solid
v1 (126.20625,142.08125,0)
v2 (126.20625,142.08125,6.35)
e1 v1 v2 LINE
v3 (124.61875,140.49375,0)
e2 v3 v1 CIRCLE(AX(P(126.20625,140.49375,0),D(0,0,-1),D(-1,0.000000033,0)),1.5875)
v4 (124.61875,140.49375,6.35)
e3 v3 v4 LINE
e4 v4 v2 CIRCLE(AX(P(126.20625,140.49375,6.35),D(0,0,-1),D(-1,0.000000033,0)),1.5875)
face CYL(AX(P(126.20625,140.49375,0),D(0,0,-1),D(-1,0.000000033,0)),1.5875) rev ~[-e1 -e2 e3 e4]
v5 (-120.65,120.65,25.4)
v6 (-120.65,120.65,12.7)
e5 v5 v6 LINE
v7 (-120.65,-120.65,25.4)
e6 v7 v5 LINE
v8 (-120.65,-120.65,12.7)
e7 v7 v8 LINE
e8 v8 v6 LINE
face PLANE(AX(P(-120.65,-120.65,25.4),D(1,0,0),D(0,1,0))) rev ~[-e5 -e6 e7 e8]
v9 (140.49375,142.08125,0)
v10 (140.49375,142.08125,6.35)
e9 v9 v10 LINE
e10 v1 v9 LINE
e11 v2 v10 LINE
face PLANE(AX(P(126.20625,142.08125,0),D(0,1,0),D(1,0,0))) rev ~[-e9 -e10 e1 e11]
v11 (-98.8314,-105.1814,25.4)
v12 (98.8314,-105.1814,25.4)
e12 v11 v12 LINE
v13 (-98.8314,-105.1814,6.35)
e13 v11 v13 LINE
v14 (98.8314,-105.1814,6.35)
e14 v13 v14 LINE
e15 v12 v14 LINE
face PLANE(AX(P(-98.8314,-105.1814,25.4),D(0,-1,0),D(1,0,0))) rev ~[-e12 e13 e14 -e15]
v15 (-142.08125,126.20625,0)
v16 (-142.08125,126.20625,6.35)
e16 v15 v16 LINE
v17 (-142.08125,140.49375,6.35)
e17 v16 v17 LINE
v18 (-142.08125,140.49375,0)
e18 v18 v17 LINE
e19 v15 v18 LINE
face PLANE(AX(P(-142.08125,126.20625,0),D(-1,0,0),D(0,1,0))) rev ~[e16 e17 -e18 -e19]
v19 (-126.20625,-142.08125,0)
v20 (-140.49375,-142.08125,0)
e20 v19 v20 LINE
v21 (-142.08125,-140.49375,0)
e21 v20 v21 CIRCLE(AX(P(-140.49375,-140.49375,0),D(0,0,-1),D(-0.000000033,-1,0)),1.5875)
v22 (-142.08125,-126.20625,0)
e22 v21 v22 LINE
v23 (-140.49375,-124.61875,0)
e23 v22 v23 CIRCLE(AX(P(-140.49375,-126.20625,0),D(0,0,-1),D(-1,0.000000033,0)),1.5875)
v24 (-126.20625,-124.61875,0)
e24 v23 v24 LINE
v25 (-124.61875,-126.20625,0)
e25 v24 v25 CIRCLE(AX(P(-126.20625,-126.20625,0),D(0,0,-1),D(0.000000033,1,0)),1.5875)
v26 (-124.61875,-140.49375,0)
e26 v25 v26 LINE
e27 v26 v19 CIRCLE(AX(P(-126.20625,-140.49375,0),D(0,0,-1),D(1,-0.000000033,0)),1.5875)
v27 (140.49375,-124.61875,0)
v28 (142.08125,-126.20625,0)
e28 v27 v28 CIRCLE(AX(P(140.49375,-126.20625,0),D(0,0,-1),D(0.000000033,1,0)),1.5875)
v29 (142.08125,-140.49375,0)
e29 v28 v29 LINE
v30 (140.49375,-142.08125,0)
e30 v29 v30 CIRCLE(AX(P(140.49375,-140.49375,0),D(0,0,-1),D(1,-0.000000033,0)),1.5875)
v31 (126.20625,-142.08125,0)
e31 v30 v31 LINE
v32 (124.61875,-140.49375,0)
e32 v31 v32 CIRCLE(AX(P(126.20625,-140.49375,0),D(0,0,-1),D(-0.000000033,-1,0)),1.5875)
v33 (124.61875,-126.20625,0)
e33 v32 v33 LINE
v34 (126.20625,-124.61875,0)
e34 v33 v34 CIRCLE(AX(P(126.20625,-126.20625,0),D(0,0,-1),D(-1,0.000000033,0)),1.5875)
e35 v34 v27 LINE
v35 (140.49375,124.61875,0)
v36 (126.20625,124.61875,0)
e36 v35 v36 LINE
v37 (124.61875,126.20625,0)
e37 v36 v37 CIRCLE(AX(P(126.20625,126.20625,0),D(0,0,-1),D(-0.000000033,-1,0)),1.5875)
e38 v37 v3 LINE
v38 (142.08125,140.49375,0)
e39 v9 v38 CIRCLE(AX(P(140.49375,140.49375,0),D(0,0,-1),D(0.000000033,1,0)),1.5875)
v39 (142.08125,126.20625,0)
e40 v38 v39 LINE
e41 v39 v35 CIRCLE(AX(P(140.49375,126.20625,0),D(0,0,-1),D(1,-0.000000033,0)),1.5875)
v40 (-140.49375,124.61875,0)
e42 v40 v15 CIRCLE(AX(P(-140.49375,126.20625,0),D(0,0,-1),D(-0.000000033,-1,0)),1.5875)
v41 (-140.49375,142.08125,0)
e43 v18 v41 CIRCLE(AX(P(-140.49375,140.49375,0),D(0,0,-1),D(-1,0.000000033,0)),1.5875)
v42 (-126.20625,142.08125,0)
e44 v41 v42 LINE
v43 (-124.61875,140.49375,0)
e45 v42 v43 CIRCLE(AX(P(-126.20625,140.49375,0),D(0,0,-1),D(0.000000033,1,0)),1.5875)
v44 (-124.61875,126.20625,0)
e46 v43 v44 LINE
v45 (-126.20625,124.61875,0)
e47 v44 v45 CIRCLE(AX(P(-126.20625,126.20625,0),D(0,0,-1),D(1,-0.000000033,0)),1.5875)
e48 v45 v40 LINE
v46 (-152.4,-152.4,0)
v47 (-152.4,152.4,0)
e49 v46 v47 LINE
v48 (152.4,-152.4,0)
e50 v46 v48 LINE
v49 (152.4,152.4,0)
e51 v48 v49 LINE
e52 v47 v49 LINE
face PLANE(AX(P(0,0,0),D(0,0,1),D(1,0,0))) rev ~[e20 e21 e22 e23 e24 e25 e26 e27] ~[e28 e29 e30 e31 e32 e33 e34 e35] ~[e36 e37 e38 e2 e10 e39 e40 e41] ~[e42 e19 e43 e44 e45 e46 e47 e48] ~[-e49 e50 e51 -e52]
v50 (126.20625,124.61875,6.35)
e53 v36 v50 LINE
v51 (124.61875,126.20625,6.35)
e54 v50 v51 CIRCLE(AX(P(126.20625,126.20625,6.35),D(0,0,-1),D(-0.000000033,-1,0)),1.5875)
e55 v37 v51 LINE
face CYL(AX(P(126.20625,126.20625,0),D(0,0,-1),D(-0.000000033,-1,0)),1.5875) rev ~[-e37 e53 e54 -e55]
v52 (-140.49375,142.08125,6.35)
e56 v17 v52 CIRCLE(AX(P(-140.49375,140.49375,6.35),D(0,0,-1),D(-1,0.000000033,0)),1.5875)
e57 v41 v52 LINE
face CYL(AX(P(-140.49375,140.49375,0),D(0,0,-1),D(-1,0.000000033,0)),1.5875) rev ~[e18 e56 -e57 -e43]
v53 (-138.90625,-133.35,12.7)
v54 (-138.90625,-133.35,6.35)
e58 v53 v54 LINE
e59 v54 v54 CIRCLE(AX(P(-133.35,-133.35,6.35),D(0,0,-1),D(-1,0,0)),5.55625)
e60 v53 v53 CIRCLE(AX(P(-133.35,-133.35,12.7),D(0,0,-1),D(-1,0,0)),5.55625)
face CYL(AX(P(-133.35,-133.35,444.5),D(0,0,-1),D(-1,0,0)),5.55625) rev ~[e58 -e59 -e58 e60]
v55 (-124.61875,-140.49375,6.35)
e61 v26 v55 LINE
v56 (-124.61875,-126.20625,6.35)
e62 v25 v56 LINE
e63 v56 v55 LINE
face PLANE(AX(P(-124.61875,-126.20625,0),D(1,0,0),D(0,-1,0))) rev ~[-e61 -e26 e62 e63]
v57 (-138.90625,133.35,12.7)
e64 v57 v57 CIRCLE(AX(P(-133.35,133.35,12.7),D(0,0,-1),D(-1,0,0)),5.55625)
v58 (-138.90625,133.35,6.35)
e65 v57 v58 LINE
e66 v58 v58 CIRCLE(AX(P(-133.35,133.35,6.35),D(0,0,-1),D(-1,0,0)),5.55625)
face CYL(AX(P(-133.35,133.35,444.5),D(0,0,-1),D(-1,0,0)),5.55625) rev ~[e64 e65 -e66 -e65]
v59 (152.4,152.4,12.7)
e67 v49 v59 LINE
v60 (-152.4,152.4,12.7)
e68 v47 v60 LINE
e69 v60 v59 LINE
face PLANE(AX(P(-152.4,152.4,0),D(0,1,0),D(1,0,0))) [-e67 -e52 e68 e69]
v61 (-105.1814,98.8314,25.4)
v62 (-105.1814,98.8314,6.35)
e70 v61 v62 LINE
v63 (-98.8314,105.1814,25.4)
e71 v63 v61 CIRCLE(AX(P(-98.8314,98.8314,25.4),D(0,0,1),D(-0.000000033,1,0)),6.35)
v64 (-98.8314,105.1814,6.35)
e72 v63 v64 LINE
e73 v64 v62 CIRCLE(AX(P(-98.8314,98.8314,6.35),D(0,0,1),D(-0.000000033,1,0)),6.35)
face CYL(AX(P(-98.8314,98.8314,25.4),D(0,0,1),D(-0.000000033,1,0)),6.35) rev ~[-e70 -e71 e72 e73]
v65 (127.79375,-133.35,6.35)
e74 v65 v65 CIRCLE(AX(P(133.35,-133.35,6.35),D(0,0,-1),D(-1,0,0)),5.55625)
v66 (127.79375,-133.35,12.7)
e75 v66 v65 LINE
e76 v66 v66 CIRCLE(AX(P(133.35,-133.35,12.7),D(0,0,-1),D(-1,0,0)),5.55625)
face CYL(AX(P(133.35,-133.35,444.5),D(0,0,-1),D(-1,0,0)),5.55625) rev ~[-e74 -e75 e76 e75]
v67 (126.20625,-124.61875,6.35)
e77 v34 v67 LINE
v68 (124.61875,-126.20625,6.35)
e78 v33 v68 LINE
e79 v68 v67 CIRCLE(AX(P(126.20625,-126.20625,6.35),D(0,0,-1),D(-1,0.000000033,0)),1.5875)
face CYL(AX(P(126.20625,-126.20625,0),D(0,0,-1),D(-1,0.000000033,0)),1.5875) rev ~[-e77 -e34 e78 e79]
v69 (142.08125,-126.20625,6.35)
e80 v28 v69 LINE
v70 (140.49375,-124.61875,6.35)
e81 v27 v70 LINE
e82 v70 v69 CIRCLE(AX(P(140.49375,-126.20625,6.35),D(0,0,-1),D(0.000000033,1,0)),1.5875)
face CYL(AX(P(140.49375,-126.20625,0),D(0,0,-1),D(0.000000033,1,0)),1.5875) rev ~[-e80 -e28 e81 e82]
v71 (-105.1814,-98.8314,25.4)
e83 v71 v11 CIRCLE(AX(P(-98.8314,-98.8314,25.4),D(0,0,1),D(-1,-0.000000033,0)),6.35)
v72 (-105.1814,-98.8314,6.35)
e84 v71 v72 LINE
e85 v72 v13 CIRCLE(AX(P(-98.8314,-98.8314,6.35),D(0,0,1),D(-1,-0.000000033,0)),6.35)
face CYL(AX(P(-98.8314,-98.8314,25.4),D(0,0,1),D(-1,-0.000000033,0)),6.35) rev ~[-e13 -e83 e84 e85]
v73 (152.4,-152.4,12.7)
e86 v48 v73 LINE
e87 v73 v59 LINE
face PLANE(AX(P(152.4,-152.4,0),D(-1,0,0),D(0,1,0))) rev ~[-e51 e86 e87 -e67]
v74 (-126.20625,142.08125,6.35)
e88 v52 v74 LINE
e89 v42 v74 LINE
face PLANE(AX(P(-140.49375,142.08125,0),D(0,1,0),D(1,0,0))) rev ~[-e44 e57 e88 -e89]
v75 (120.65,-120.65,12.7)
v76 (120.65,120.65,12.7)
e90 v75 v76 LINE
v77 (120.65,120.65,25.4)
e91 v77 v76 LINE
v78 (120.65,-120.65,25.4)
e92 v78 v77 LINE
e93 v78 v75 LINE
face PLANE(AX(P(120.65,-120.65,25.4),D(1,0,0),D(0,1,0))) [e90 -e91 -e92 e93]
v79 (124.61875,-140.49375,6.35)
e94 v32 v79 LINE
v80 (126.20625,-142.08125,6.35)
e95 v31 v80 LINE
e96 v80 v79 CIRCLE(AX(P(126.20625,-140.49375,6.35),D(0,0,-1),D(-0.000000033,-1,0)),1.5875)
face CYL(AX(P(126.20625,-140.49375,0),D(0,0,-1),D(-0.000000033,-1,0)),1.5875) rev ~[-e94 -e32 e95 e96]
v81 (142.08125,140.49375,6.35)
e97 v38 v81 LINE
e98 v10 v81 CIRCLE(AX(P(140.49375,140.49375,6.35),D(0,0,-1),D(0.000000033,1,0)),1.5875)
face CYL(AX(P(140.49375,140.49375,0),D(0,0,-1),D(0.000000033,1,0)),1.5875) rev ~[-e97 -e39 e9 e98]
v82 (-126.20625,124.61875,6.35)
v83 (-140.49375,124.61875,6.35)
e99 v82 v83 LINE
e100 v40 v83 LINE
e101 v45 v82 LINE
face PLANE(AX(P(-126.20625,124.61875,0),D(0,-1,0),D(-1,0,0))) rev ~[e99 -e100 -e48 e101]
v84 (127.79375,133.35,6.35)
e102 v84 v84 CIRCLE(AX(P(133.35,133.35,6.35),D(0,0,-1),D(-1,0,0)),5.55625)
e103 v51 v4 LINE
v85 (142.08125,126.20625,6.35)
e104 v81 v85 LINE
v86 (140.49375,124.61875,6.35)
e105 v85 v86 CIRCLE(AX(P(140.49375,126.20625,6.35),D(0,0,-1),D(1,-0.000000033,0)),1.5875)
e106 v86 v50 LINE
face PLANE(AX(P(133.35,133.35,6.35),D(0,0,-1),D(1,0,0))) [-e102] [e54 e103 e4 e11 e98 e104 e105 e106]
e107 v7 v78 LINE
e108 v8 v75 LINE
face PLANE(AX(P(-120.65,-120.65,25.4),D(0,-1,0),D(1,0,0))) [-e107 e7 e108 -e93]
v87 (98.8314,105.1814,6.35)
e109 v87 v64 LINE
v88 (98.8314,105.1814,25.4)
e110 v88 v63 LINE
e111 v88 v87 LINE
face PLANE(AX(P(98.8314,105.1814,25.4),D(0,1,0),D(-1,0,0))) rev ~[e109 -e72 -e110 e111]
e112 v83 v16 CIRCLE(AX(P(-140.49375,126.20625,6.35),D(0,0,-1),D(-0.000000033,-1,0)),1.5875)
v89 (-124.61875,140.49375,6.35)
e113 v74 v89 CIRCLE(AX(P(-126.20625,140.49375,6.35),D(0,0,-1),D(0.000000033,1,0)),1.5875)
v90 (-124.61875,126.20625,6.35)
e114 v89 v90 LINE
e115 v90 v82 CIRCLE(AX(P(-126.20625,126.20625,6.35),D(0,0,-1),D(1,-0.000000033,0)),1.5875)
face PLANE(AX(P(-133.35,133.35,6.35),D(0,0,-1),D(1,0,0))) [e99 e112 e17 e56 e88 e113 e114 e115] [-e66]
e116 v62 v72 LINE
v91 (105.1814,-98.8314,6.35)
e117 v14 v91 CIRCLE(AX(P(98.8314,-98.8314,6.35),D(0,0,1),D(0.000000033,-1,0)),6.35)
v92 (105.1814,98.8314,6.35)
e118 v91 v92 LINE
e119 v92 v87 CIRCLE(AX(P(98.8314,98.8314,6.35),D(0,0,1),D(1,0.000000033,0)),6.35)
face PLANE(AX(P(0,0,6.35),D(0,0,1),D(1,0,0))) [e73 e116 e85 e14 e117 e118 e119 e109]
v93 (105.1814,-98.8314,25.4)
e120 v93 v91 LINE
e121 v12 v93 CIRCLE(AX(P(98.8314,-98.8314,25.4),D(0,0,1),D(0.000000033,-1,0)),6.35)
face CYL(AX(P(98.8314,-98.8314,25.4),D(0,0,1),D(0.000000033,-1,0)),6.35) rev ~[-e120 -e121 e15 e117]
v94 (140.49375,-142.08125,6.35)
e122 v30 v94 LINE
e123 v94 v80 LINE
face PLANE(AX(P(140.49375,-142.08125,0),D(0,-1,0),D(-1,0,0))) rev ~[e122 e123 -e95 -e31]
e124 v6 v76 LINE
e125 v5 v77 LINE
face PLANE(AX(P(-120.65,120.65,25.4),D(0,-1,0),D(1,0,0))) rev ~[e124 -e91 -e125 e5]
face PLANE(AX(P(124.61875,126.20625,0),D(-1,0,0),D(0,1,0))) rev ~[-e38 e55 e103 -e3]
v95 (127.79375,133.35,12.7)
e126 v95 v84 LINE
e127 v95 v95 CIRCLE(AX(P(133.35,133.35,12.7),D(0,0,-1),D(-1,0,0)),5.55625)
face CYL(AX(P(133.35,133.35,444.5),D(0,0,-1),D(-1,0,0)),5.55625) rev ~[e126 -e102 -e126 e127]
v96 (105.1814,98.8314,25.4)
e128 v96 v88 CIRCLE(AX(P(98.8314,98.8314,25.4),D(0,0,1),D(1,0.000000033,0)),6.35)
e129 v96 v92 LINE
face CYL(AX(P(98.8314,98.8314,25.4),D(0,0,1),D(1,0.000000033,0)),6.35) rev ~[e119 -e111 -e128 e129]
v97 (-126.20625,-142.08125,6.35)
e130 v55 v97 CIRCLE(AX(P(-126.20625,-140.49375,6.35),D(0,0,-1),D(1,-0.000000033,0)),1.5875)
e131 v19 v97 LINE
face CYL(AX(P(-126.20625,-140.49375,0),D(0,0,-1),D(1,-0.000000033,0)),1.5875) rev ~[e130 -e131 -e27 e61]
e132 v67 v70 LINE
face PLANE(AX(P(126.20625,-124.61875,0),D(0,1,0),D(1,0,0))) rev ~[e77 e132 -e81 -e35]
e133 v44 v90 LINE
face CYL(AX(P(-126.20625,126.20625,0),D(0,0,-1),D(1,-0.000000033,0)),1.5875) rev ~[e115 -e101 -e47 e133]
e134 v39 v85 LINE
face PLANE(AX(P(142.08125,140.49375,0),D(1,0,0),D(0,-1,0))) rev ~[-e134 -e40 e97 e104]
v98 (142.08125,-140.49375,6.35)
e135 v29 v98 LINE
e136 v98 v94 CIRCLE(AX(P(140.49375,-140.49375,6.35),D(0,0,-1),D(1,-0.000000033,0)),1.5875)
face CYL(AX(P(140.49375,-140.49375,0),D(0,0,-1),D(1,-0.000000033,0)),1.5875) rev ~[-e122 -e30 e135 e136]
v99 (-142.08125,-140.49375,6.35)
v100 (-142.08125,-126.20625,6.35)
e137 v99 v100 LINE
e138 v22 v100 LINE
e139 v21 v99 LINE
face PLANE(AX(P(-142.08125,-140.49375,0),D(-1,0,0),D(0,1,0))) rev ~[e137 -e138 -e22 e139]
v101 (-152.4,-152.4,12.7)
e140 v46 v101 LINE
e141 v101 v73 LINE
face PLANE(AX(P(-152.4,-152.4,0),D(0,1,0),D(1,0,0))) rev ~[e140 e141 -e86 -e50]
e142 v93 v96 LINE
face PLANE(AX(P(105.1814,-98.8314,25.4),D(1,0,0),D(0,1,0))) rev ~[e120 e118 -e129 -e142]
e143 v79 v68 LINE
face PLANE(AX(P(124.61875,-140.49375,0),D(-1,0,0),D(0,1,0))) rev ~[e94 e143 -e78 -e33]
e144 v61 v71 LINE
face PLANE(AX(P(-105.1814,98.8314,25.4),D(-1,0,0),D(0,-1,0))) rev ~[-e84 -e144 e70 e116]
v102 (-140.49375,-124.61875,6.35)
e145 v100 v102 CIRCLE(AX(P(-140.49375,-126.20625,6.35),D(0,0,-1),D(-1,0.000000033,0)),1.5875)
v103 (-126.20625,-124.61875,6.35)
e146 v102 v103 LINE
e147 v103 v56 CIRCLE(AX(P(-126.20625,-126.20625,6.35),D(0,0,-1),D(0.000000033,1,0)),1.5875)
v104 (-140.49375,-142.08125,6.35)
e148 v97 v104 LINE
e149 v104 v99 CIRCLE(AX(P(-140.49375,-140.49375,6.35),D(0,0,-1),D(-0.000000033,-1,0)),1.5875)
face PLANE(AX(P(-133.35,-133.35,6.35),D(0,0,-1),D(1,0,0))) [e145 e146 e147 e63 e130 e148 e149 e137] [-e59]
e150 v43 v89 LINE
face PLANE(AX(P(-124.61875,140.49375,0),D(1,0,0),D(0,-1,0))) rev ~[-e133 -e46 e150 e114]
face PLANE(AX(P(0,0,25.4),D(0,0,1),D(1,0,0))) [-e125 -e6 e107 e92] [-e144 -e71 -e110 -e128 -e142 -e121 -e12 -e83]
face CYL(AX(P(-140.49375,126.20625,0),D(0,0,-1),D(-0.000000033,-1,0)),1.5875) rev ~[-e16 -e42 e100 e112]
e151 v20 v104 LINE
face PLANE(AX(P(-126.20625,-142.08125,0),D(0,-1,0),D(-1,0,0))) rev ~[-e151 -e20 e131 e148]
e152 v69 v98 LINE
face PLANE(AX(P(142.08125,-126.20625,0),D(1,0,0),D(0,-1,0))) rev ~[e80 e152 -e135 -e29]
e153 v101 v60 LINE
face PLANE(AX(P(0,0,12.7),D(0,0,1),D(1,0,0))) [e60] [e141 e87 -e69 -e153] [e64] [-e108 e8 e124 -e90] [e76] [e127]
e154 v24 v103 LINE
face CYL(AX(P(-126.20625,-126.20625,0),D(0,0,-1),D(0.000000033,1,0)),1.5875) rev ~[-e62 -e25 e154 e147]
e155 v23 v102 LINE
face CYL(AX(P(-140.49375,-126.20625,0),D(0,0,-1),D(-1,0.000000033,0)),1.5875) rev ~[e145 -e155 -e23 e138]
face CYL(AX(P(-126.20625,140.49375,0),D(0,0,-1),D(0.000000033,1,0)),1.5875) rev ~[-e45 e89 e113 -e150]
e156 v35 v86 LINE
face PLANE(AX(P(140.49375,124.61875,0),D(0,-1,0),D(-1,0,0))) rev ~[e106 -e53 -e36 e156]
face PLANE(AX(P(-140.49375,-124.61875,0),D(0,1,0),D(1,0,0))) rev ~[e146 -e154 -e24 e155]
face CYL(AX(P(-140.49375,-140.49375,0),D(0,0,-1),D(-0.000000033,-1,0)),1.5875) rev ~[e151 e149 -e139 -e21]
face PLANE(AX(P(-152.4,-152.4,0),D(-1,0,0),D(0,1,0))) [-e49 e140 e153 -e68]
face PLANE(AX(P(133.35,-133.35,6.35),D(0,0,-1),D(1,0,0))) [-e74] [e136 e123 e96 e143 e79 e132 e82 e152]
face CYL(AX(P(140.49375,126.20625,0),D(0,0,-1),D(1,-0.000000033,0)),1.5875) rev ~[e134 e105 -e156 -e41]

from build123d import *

# Parameters (mm, degrees)
F0_W     = 304.8
F0_H     = 304.8
F1_DEPTH = 25.4
F3_DEPTH = 19.05
F4_W     = 304.8
F4_H     = 304.8
F4_W_2   = 241.3
F4_H_2   = 241.3
F5_DEPTH = 12.7
F7_D     = 11.1125
F9_DEPTH = 6.35


with BuildPart() as f1:
    # F0 (on Top) → F1 (new body)
    with BuildSketch(Plane.XY):
        Rectangle(F0_W, F0_H)
    extrude(amount=F1_DEPTH)

    # F2 (on face) → F3 (cut)
    with BuildSketch(Plane.XY.offset(25.4)):
        with BuildLine():
            Line((98.8314, 105.1814), (-98.8314, 105.1814))
            ThreePointArc((-98.8314, 105.1814), (-103.321528, 103.321528), (-105.1814, 98.8314))
            Line((-105.1814, 98.8314), (-105.1814, -98.8314))
            ThreePointArc((-105.1814, -98.8314), (-103.321528, -103.321528), (-98.8314, -105.1814))
            Line((-98.8314, -105.1814), (98.8314, -105.1814))
            ThreePointArc((98.8314, -105.1814), (103.321528, -103.321528), (105.1814, -98.8314))
            Line((105.1814, -98.8314), (105.1814, 98.8314))
            ThreePointArc((105.1814, 98.8314), (103.321528, 103.321528), (98.8314, 105.1814))
        make_face()
    extrude(amount=-F3_DEPTH, mode=Mode.SUBTRACT)

    # F4 (on face) → F5 (cut)
    with BuildSketch(Plane.XY.offset(25.4)):
        Rectangle(F4_W, F4_H)
        Rectangle(F4_W_2, F4_H_2, mode=Mode.SUBTRACT)
    extrude(amount=-F5_DEPTH, mode=Mode.SUBTRACT)

    # F7 (through all)
    with Locations(Plane.XY.offset(12.7)):
        with Locations((-133.35, 133.35), (133.35, 133.35), (133.35, -133.35), (-133.35, -133.35)):
            Hole(F7_D / 2)

    # F8 (on face) → F9 (cut)
    with BuildSketch(Plane(origin=(0, 0, 0), x_dir=(1, 0, 0), z_dir=(0, 0, -1))):
        with BuildLine():
            Line((-140.49375, 124.61875), (-126.20625, 124.61875))
            ThreePointArc((-126.20625, 124.61875), (-125.083718, 125.083718), (-124.61875, 126.20625))
            Line((-124.61875, 126.20625), (-124.61875, 140.49375))
            ThreePointArc((-124.61875, 140.49375), (-125.083718, 141.616282), (-126.20625, 142.08125))
            Line((-126.20625, 142.08125), (-140.49375, 142.08125))
            ThreePointArc((-140.49375, 142.08125), (-141.616282, 141.616282), (-142.08125, 140.49375))
            Line((-142.08125, 140.49375), (-142.08125, 126.20625))
            ThreePointArc((-142.08125, 126.20625), (-141.616282, 125.083718), (-140.49375, 124.61875))
        make_face()
        with BuildLine():
            ThreePointArc((124.61875, 126.20625), (125.083718, 125.083718), (126.20625, 124.61875))
            Line((126.20625, 124.61875), (140.49375, 124.61875))
            ThreePointArc((140.49375, 124.61875), (141.616282, 125.083718), (142.08125, 126.20625))
            Line((142.08125, 126.20625), (142.08125, 140.49375))
            ThreePointArc((142.08125, 140.49375), (141.616282, 141.616282), (140.49375, 142.08125))
            Line((140.49375, 142.08125), (126.20625, 142.08125))
            ThreePointArc((126.20625, 142.08125), (125.083718, 141.616282), (124.61875, 140.49375))
            Line((124.61875, 140.49375), (124.61875, 126.20625))
        make_face()
        with BuildLine():
            ThreePointArc((124.61875, -140.49375), (125.083718, -141.616282), (126.20625, -142.08125))
            Line((126.20625, -142.08125), (140.49375, -142.08125))
            ThreePointArc((140.49375, -142.08125), (141.616282, -141.616282), (142.08125, -140.49375))
            Line((142.08125, -140.49375), (142.08125, -126.20625))
            ThreePointArc((142.08125, -126.20625), (141.616282, -125.083718), (140.49375, -124.61875))
            Line((140.49375, -124.61875), (126.20625, -124.61875))
            ThreePointArc((126.20625, -124.61875), (125.083718, -125.083718), (124.61875, -126.20625))
            Line((124.61875, -126.20625), (124.61875, -140.49375))
        make_face()
        with BuildLine():
            Line((-140.49375, -142.08125), (-126.20625, -142.08125))
            ThreePointArc((-126.20625, -142.08125), (-125.083718, -141.616282), (-124.61875, -140.49375))
            Line((-124.61875, -140.49375), (-124.61875, -126.20625))
            ThreePointArc((-124.61875, -126.20625), (-125.083718, -125.083718), (-126.20625, -124.61875))
            Line((-126.20625, -124.61875), (-140.49375, -124.61875))
            ThreePointArc((-140.49375, -124.61875), (-141.616282, -125.083718), (-142.08125, -126.20625))
            Line((-142.08125, -126.20625), (-142.08125, -140.49375))
            ThreePointArc((-142.08125, -140.49375), (-141.616282, -141.616282), (-140.49375, -142.08125))
        make_face()
    extrude(amount=-F9_DEPTH, mode=Mode.SUBTRACT)


solid = f1.part
